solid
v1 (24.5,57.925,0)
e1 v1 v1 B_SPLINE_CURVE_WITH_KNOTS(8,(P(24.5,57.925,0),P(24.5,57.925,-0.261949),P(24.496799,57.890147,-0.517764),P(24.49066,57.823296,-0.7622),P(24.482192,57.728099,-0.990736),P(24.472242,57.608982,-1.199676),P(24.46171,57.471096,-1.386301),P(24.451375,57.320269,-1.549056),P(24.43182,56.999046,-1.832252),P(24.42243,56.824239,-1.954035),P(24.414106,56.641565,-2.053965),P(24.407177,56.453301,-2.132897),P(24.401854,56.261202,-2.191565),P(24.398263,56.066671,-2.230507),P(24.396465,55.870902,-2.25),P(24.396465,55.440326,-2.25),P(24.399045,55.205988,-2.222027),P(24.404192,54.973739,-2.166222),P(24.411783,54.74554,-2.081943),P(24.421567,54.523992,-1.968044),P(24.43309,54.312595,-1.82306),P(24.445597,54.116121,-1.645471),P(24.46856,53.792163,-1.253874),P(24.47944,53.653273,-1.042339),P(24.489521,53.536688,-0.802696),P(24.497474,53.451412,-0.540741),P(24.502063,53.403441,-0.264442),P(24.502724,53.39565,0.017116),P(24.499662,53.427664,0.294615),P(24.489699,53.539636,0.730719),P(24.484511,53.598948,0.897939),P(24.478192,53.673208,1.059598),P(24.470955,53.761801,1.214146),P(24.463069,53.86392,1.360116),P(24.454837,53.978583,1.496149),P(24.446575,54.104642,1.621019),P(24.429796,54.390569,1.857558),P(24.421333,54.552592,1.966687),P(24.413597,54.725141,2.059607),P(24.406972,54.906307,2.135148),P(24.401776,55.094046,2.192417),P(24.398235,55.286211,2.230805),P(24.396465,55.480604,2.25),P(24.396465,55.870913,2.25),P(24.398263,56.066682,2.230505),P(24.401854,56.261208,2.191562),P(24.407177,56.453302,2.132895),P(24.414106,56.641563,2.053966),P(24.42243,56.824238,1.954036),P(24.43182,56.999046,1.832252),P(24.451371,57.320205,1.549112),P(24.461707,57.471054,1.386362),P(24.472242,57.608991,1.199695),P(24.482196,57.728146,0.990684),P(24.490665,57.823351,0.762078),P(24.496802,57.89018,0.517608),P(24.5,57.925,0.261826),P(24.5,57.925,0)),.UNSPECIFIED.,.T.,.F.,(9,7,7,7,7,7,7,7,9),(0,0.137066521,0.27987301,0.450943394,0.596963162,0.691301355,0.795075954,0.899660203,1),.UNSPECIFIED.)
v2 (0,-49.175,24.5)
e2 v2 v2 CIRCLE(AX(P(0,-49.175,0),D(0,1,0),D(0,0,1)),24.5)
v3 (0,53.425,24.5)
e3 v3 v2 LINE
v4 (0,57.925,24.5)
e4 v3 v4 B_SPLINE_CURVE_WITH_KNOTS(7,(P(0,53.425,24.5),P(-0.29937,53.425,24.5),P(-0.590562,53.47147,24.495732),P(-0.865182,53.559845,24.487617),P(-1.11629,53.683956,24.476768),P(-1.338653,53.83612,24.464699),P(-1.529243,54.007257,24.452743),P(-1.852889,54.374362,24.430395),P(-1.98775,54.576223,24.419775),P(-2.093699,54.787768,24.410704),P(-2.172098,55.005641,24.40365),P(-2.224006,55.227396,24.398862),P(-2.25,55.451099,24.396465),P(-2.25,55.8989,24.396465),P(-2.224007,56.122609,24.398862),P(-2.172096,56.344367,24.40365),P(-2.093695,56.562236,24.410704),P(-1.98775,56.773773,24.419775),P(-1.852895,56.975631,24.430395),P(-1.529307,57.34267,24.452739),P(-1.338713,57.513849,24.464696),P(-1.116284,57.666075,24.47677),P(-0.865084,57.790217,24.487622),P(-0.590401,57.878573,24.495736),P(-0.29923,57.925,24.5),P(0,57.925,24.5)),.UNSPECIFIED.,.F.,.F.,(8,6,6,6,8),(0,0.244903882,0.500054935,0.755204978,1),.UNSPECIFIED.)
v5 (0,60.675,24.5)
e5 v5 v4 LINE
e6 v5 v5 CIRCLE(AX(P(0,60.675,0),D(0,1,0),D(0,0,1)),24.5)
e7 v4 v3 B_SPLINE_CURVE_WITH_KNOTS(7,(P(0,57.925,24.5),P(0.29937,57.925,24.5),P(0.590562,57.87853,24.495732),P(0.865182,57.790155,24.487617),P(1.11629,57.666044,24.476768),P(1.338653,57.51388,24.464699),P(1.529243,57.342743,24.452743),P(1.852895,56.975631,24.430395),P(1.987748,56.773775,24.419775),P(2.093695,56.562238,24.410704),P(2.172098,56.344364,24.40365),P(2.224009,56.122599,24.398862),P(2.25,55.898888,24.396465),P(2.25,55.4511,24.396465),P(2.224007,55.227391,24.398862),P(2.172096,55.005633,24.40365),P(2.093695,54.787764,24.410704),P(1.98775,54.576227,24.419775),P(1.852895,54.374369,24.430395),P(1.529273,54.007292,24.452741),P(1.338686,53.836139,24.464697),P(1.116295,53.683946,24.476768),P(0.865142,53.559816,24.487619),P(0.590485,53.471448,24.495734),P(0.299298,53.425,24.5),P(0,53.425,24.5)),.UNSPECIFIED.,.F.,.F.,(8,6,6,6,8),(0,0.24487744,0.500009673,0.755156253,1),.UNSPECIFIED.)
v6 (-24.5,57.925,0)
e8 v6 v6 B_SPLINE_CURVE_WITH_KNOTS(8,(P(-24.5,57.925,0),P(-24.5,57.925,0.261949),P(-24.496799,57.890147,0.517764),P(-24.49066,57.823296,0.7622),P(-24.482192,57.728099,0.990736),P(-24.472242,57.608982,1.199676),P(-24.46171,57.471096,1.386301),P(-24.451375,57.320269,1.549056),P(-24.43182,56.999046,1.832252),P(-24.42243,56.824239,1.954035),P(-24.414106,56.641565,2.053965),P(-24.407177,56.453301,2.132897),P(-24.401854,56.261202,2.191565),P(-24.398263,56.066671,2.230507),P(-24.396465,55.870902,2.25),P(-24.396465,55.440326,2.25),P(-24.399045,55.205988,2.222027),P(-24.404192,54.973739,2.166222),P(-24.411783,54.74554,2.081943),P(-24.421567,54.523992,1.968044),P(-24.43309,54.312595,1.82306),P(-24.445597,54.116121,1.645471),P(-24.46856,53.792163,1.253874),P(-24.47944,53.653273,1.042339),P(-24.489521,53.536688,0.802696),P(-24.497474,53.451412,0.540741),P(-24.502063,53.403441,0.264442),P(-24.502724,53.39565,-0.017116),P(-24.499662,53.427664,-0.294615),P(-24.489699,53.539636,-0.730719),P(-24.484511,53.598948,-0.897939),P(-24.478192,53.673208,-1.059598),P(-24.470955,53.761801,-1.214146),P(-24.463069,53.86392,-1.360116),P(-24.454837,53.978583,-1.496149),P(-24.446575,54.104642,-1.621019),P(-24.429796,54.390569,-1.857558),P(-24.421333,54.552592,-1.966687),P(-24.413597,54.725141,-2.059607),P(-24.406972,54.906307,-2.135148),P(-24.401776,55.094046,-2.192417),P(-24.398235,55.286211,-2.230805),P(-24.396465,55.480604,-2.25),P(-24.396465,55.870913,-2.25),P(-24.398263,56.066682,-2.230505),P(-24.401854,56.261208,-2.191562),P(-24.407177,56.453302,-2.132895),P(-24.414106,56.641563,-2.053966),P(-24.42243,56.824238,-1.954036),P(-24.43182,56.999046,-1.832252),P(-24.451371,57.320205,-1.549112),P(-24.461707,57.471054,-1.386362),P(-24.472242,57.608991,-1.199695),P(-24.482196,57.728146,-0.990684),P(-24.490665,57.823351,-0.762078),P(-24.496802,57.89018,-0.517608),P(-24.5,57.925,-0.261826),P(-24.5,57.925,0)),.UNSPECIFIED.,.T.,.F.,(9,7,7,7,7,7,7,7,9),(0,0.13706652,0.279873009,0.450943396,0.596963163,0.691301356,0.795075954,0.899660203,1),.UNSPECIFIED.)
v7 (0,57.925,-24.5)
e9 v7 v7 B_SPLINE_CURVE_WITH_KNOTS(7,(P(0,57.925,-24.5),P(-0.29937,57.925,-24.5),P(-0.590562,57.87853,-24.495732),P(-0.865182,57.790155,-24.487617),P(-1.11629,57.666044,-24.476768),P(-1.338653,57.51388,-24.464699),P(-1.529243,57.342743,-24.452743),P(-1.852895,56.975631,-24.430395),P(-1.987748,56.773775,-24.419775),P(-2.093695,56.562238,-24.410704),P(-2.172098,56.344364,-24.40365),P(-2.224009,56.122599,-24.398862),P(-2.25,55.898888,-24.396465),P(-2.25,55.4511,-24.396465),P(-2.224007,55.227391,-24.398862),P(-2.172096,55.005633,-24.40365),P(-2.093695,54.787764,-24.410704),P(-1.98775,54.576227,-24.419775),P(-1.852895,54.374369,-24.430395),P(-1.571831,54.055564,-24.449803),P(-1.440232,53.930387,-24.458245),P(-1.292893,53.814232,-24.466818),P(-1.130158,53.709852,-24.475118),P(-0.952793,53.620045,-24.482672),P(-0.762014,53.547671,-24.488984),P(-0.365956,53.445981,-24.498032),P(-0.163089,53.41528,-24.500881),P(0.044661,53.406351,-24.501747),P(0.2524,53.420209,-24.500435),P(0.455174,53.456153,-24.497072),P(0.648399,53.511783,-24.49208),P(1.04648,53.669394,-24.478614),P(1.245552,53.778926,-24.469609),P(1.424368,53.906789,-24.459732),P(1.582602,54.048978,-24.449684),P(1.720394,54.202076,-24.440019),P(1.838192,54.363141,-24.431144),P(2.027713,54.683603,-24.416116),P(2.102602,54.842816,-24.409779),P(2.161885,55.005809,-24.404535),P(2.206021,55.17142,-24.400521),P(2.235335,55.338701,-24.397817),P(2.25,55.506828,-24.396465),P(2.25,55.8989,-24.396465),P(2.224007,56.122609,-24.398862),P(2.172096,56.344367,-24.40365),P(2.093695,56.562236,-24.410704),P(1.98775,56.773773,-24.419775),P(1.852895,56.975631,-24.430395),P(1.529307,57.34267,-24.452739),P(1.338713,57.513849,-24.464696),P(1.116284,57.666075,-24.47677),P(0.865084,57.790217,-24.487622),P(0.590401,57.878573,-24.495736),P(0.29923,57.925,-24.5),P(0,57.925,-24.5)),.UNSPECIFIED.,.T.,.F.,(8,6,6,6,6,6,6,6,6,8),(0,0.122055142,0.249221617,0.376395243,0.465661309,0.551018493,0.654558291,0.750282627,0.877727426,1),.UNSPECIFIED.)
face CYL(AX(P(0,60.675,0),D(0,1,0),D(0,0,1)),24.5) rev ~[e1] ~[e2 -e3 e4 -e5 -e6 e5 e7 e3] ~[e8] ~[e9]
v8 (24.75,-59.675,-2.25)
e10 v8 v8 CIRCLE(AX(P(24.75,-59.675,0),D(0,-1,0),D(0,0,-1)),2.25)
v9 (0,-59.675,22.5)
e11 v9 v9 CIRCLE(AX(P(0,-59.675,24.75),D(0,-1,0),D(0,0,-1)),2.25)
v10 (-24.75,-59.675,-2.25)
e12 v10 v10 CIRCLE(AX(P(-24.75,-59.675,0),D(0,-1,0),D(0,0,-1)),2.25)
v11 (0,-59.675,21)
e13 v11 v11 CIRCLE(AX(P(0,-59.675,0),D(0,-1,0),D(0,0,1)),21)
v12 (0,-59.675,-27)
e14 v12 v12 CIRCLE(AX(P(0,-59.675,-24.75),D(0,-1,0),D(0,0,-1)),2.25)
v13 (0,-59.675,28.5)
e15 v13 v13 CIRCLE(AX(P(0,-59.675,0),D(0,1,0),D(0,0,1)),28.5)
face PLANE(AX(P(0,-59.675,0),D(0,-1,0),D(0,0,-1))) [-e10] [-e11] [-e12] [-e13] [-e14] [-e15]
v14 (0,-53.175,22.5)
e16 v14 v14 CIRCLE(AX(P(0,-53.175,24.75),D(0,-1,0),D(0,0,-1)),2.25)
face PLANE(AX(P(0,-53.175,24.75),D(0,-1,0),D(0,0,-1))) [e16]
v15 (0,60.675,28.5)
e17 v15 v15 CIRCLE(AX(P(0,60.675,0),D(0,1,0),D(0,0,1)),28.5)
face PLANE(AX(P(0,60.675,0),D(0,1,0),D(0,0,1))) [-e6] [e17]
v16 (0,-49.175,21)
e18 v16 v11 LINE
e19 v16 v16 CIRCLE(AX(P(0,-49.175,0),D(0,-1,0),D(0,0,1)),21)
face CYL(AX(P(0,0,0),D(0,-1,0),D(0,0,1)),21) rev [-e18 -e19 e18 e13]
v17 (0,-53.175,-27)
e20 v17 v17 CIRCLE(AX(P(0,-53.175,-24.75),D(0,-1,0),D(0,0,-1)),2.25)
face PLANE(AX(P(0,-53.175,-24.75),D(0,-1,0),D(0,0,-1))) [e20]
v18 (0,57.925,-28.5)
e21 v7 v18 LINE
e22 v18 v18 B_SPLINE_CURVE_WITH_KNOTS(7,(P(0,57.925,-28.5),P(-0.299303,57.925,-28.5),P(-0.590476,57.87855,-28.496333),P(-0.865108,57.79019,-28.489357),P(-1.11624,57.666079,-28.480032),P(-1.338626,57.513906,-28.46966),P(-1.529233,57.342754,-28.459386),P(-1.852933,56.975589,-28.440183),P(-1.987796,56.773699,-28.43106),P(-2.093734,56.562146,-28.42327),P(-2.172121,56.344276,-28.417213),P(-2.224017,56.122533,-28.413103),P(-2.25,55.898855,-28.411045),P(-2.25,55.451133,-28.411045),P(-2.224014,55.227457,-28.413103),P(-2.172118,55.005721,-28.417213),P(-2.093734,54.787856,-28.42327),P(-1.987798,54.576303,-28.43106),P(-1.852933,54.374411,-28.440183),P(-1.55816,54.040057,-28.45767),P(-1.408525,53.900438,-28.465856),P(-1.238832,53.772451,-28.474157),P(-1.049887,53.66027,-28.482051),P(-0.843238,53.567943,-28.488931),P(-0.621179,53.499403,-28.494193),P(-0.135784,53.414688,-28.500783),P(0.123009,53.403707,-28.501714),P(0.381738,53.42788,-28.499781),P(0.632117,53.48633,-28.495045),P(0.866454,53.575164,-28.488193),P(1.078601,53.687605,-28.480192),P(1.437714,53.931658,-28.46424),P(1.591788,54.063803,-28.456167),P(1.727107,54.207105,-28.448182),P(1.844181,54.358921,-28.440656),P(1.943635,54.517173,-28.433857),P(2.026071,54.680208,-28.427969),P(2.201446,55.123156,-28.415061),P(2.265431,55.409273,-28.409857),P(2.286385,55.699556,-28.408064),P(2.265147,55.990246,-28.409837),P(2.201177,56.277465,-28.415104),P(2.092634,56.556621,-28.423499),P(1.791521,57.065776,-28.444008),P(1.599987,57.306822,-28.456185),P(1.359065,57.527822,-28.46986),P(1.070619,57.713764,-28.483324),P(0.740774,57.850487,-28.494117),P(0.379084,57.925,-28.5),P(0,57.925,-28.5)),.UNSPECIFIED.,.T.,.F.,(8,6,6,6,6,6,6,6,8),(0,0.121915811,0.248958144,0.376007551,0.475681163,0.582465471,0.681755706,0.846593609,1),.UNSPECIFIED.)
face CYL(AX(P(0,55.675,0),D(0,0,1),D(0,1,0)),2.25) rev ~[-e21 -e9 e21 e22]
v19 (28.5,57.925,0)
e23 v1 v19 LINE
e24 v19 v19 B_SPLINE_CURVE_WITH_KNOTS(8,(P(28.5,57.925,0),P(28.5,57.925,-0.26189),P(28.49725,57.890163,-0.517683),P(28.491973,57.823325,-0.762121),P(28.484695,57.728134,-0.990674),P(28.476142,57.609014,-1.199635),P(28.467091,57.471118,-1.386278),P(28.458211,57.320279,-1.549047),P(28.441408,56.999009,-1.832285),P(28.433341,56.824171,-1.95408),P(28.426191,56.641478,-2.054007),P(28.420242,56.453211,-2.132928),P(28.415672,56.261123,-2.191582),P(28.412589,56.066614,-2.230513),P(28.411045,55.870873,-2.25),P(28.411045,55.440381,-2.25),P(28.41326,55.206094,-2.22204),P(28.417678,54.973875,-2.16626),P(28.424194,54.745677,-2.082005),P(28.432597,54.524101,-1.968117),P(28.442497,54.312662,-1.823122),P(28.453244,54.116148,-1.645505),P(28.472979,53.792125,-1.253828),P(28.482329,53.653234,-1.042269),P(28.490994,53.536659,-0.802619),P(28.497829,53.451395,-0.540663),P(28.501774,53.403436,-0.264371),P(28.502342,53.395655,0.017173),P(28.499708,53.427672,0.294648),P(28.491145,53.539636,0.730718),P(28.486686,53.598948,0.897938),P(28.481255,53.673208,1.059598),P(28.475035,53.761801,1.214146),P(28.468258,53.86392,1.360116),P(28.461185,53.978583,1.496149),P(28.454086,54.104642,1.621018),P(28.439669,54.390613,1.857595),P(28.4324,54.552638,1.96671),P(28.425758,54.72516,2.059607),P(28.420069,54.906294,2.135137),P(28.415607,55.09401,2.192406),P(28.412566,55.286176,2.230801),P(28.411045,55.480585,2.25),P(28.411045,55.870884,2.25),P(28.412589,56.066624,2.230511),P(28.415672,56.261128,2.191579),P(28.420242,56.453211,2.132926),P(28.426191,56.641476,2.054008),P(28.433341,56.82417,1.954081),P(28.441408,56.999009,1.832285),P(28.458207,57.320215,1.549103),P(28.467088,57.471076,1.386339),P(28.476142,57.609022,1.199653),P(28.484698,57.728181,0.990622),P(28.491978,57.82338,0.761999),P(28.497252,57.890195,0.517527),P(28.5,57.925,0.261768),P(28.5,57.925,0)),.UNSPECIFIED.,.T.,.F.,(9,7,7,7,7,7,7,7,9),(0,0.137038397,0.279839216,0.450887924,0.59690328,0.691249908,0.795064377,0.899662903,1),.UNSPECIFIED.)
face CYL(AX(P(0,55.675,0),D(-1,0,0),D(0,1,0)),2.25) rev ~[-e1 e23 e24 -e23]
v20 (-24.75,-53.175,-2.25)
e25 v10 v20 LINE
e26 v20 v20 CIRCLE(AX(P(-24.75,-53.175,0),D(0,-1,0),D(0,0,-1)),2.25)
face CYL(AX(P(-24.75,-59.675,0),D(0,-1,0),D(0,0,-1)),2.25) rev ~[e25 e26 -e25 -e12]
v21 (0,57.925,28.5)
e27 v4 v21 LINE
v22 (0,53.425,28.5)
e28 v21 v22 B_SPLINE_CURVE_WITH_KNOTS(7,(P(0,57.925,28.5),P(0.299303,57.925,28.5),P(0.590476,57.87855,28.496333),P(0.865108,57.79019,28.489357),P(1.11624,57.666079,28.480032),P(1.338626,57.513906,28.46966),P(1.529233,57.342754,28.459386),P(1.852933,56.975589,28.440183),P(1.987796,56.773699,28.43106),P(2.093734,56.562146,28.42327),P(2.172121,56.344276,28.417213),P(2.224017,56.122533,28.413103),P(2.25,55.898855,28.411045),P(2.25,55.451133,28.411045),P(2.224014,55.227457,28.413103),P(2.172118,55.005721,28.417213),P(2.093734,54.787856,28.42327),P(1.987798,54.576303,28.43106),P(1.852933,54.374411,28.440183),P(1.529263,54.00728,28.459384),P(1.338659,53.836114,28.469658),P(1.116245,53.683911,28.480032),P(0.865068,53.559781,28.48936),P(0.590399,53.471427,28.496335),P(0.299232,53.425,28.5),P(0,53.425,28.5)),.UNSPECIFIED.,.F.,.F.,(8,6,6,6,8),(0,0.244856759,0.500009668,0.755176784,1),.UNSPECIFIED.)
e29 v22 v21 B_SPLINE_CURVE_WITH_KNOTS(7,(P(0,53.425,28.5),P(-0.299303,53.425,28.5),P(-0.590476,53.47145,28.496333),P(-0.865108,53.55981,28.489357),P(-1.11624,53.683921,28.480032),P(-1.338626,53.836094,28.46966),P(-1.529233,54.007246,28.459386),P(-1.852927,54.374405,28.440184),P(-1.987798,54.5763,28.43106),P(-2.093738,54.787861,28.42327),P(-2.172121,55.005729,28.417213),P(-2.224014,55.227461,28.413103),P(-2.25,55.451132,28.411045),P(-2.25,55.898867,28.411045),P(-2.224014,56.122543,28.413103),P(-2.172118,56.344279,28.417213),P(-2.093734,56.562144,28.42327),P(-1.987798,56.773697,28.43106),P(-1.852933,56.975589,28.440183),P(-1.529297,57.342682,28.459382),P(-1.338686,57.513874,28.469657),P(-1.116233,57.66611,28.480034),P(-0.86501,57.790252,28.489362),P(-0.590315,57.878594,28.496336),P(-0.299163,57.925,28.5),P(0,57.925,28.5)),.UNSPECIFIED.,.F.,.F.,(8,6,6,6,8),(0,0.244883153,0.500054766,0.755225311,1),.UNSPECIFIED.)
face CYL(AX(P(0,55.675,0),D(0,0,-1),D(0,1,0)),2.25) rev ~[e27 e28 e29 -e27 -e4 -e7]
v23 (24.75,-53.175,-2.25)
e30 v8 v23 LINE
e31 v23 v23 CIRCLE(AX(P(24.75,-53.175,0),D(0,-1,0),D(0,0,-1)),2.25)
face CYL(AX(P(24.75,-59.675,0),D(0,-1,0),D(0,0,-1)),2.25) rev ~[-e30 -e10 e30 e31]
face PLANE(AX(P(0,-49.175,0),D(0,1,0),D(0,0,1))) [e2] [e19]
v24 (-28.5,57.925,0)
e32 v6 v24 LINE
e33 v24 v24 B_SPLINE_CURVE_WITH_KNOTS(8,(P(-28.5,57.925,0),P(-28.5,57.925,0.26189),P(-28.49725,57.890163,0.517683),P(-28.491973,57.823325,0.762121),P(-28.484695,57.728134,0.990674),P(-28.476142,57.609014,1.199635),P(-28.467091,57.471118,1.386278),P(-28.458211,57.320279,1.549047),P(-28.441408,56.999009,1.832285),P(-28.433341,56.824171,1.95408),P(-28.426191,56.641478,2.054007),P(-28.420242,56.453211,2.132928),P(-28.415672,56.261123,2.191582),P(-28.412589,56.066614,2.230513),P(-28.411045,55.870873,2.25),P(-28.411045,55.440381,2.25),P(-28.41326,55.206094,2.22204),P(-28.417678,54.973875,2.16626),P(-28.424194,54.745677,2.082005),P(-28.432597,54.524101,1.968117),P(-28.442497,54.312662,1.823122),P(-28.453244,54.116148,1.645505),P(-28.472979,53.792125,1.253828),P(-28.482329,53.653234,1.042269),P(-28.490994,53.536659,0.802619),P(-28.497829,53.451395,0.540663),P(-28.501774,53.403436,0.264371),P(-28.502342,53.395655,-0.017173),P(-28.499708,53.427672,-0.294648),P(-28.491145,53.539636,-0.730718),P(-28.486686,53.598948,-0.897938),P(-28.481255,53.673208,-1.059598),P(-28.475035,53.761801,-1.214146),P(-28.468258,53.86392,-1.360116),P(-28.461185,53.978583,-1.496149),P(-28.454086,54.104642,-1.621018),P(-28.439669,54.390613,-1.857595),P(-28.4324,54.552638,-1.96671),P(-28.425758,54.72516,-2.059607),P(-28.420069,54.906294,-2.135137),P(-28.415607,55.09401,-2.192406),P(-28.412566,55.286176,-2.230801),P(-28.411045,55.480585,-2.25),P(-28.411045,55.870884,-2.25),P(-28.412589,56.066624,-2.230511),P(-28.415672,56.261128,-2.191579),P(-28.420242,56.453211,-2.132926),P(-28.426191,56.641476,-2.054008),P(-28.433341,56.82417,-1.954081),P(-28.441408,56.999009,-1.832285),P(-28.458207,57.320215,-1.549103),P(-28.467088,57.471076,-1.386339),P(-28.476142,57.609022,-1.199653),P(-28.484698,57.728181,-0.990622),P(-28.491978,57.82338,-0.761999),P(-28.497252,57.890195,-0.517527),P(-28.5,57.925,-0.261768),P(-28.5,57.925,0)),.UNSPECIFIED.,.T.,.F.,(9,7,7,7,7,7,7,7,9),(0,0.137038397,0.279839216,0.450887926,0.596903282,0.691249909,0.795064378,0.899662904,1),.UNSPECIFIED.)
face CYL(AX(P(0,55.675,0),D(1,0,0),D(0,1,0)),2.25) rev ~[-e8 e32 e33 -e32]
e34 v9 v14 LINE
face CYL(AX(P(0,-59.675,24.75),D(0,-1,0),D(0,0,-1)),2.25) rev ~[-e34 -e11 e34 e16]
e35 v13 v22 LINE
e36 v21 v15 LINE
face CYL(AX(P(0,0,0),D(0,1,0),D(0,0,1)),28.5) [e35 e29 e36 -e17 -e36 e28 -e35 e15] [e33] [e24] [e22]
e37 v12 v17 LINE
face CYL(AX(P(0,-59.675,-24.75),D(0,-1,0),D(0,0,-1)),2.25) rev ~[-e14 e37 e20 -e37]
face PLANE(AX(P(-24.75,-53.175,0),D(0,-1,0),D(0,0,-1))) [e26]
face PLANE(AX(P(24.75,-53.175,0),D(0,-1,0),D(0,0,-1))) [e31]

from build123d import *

# Parameters (mm, degrees)
SKETCH1_R           = 28.5
SKETCH1_R_2         = 21
BOSS_EXTRUDE1_DEPTH = 60.675
SKETCH2_R           = 2.25
CUT_EXTRUDE1_DEPTH  = 73.841990809
CIRPATTERN1_COUNT   = 4
CUT_EXTRUDE4_START  = -1
SKETCH5_R           = 28.5
CUT_EXTRUDE4_DEPTH  = 1
SKETCH3_R           = 2.25
CUT_EXTRUDE2_DEPTH  = 6.5
SKETCH4_R           = 24.5
CUT_EXTRUDE3_DEPTH  = 109.85


with BuildPart() as part:
    # Sketch1 → Boss-Extrude1 (new, symmetric)
    with BuildSketch(Plane(origin=(0, 0, 0), x_dir=(1, 0, 0), z_dir=(0, 1, 0))):
        with Locations(Location((0, 0, 0), (0, 0, 270))):
            Circle(SKETCH1_R)
        with Locations(Location((0, 0, 0), (0, 0, 270))):
            Circle(SKETCH1_R_2, mode=Mode.SUBTRACT)
    extrude(amount=BOSS_EXTRUDE1_DEPTH, both=True)

    # Sketch2 → Cut-Extrude1 (cut, through all)
    with BuildSketch(Plane.XY):
        with Locations(Location((0, 55.675, 0), (0, 0, 90))):
            Circle(SKETCH2_R)
    cut_extrude1 = extrude(amount=-CUT_EXTRUDE1_DEPTH, mode=Mode.SUBTRACT)

    # CirPattern1: Cut-Extrude1 ×4 about axis
    cirpattern1_axis = Axis((0, 60.675, 0), (0, -1, 0))
    for i in range(1, CIRPATTERN1_COUNT):
        add(cut_extrude1.rotate(cirpattern1_axis, i * 360 / CIRPATTERN1_COUNT), mode=Mode.SUBTRACT)

    # Sketch5 → Cut-Extrude4 (cut)
    with BuildSketch(Plane.XZ.offset(60.675).offset(CUT_EXTRUDE4_START)):
        with Locations(Location((0, 0, 0), (0, 0, 270))):
            Circle(SKETCH5_R)
    extrude(amount=CUT_EXTRUDE4_DEPTH, mode=Mode.SUBTRACT)

    # Sketch3 → Cut-Extrude2 (cut)
    with BuildSketch(Plane.XZ.offset(59.675)):
        with Locations(Location((0, 24.75, 0), (0, 0, 270))):
            Circle(SKETCH3_R)
        with Locations(Location((24.75, 0, 0), (0, 0, 270))):
            Circle(SKETCH3_R)
        with Locations(Location((0, -24.75, 0), (0, 0, 270))):
            Circle(SKETCH3_R)
        with Locations(Location((-24.75, 0, 0), (0, 0, 270))):
            Circle(SKETCH3_R)
    extrude(amount=-CUT_EXTRUDE2_DEPTH, mode=Mode.SUBTRACT)

    # Sketch4 → Cut-Extrude3 (cut)
    with BuildSketch(Plane(origin=(0, 60.675, 0), x_dir=(1, 0, 0), z_dir=(0, 1, 0))):
        with Locations(Location((0, 0, 0), (0, 0, 270))):
            Circle(SKETCH4_R)
    extrude(amount=-CUT_EXTRUDE3_DEPTH, mode=Mode.SUBTRACT)


solid = part.part
